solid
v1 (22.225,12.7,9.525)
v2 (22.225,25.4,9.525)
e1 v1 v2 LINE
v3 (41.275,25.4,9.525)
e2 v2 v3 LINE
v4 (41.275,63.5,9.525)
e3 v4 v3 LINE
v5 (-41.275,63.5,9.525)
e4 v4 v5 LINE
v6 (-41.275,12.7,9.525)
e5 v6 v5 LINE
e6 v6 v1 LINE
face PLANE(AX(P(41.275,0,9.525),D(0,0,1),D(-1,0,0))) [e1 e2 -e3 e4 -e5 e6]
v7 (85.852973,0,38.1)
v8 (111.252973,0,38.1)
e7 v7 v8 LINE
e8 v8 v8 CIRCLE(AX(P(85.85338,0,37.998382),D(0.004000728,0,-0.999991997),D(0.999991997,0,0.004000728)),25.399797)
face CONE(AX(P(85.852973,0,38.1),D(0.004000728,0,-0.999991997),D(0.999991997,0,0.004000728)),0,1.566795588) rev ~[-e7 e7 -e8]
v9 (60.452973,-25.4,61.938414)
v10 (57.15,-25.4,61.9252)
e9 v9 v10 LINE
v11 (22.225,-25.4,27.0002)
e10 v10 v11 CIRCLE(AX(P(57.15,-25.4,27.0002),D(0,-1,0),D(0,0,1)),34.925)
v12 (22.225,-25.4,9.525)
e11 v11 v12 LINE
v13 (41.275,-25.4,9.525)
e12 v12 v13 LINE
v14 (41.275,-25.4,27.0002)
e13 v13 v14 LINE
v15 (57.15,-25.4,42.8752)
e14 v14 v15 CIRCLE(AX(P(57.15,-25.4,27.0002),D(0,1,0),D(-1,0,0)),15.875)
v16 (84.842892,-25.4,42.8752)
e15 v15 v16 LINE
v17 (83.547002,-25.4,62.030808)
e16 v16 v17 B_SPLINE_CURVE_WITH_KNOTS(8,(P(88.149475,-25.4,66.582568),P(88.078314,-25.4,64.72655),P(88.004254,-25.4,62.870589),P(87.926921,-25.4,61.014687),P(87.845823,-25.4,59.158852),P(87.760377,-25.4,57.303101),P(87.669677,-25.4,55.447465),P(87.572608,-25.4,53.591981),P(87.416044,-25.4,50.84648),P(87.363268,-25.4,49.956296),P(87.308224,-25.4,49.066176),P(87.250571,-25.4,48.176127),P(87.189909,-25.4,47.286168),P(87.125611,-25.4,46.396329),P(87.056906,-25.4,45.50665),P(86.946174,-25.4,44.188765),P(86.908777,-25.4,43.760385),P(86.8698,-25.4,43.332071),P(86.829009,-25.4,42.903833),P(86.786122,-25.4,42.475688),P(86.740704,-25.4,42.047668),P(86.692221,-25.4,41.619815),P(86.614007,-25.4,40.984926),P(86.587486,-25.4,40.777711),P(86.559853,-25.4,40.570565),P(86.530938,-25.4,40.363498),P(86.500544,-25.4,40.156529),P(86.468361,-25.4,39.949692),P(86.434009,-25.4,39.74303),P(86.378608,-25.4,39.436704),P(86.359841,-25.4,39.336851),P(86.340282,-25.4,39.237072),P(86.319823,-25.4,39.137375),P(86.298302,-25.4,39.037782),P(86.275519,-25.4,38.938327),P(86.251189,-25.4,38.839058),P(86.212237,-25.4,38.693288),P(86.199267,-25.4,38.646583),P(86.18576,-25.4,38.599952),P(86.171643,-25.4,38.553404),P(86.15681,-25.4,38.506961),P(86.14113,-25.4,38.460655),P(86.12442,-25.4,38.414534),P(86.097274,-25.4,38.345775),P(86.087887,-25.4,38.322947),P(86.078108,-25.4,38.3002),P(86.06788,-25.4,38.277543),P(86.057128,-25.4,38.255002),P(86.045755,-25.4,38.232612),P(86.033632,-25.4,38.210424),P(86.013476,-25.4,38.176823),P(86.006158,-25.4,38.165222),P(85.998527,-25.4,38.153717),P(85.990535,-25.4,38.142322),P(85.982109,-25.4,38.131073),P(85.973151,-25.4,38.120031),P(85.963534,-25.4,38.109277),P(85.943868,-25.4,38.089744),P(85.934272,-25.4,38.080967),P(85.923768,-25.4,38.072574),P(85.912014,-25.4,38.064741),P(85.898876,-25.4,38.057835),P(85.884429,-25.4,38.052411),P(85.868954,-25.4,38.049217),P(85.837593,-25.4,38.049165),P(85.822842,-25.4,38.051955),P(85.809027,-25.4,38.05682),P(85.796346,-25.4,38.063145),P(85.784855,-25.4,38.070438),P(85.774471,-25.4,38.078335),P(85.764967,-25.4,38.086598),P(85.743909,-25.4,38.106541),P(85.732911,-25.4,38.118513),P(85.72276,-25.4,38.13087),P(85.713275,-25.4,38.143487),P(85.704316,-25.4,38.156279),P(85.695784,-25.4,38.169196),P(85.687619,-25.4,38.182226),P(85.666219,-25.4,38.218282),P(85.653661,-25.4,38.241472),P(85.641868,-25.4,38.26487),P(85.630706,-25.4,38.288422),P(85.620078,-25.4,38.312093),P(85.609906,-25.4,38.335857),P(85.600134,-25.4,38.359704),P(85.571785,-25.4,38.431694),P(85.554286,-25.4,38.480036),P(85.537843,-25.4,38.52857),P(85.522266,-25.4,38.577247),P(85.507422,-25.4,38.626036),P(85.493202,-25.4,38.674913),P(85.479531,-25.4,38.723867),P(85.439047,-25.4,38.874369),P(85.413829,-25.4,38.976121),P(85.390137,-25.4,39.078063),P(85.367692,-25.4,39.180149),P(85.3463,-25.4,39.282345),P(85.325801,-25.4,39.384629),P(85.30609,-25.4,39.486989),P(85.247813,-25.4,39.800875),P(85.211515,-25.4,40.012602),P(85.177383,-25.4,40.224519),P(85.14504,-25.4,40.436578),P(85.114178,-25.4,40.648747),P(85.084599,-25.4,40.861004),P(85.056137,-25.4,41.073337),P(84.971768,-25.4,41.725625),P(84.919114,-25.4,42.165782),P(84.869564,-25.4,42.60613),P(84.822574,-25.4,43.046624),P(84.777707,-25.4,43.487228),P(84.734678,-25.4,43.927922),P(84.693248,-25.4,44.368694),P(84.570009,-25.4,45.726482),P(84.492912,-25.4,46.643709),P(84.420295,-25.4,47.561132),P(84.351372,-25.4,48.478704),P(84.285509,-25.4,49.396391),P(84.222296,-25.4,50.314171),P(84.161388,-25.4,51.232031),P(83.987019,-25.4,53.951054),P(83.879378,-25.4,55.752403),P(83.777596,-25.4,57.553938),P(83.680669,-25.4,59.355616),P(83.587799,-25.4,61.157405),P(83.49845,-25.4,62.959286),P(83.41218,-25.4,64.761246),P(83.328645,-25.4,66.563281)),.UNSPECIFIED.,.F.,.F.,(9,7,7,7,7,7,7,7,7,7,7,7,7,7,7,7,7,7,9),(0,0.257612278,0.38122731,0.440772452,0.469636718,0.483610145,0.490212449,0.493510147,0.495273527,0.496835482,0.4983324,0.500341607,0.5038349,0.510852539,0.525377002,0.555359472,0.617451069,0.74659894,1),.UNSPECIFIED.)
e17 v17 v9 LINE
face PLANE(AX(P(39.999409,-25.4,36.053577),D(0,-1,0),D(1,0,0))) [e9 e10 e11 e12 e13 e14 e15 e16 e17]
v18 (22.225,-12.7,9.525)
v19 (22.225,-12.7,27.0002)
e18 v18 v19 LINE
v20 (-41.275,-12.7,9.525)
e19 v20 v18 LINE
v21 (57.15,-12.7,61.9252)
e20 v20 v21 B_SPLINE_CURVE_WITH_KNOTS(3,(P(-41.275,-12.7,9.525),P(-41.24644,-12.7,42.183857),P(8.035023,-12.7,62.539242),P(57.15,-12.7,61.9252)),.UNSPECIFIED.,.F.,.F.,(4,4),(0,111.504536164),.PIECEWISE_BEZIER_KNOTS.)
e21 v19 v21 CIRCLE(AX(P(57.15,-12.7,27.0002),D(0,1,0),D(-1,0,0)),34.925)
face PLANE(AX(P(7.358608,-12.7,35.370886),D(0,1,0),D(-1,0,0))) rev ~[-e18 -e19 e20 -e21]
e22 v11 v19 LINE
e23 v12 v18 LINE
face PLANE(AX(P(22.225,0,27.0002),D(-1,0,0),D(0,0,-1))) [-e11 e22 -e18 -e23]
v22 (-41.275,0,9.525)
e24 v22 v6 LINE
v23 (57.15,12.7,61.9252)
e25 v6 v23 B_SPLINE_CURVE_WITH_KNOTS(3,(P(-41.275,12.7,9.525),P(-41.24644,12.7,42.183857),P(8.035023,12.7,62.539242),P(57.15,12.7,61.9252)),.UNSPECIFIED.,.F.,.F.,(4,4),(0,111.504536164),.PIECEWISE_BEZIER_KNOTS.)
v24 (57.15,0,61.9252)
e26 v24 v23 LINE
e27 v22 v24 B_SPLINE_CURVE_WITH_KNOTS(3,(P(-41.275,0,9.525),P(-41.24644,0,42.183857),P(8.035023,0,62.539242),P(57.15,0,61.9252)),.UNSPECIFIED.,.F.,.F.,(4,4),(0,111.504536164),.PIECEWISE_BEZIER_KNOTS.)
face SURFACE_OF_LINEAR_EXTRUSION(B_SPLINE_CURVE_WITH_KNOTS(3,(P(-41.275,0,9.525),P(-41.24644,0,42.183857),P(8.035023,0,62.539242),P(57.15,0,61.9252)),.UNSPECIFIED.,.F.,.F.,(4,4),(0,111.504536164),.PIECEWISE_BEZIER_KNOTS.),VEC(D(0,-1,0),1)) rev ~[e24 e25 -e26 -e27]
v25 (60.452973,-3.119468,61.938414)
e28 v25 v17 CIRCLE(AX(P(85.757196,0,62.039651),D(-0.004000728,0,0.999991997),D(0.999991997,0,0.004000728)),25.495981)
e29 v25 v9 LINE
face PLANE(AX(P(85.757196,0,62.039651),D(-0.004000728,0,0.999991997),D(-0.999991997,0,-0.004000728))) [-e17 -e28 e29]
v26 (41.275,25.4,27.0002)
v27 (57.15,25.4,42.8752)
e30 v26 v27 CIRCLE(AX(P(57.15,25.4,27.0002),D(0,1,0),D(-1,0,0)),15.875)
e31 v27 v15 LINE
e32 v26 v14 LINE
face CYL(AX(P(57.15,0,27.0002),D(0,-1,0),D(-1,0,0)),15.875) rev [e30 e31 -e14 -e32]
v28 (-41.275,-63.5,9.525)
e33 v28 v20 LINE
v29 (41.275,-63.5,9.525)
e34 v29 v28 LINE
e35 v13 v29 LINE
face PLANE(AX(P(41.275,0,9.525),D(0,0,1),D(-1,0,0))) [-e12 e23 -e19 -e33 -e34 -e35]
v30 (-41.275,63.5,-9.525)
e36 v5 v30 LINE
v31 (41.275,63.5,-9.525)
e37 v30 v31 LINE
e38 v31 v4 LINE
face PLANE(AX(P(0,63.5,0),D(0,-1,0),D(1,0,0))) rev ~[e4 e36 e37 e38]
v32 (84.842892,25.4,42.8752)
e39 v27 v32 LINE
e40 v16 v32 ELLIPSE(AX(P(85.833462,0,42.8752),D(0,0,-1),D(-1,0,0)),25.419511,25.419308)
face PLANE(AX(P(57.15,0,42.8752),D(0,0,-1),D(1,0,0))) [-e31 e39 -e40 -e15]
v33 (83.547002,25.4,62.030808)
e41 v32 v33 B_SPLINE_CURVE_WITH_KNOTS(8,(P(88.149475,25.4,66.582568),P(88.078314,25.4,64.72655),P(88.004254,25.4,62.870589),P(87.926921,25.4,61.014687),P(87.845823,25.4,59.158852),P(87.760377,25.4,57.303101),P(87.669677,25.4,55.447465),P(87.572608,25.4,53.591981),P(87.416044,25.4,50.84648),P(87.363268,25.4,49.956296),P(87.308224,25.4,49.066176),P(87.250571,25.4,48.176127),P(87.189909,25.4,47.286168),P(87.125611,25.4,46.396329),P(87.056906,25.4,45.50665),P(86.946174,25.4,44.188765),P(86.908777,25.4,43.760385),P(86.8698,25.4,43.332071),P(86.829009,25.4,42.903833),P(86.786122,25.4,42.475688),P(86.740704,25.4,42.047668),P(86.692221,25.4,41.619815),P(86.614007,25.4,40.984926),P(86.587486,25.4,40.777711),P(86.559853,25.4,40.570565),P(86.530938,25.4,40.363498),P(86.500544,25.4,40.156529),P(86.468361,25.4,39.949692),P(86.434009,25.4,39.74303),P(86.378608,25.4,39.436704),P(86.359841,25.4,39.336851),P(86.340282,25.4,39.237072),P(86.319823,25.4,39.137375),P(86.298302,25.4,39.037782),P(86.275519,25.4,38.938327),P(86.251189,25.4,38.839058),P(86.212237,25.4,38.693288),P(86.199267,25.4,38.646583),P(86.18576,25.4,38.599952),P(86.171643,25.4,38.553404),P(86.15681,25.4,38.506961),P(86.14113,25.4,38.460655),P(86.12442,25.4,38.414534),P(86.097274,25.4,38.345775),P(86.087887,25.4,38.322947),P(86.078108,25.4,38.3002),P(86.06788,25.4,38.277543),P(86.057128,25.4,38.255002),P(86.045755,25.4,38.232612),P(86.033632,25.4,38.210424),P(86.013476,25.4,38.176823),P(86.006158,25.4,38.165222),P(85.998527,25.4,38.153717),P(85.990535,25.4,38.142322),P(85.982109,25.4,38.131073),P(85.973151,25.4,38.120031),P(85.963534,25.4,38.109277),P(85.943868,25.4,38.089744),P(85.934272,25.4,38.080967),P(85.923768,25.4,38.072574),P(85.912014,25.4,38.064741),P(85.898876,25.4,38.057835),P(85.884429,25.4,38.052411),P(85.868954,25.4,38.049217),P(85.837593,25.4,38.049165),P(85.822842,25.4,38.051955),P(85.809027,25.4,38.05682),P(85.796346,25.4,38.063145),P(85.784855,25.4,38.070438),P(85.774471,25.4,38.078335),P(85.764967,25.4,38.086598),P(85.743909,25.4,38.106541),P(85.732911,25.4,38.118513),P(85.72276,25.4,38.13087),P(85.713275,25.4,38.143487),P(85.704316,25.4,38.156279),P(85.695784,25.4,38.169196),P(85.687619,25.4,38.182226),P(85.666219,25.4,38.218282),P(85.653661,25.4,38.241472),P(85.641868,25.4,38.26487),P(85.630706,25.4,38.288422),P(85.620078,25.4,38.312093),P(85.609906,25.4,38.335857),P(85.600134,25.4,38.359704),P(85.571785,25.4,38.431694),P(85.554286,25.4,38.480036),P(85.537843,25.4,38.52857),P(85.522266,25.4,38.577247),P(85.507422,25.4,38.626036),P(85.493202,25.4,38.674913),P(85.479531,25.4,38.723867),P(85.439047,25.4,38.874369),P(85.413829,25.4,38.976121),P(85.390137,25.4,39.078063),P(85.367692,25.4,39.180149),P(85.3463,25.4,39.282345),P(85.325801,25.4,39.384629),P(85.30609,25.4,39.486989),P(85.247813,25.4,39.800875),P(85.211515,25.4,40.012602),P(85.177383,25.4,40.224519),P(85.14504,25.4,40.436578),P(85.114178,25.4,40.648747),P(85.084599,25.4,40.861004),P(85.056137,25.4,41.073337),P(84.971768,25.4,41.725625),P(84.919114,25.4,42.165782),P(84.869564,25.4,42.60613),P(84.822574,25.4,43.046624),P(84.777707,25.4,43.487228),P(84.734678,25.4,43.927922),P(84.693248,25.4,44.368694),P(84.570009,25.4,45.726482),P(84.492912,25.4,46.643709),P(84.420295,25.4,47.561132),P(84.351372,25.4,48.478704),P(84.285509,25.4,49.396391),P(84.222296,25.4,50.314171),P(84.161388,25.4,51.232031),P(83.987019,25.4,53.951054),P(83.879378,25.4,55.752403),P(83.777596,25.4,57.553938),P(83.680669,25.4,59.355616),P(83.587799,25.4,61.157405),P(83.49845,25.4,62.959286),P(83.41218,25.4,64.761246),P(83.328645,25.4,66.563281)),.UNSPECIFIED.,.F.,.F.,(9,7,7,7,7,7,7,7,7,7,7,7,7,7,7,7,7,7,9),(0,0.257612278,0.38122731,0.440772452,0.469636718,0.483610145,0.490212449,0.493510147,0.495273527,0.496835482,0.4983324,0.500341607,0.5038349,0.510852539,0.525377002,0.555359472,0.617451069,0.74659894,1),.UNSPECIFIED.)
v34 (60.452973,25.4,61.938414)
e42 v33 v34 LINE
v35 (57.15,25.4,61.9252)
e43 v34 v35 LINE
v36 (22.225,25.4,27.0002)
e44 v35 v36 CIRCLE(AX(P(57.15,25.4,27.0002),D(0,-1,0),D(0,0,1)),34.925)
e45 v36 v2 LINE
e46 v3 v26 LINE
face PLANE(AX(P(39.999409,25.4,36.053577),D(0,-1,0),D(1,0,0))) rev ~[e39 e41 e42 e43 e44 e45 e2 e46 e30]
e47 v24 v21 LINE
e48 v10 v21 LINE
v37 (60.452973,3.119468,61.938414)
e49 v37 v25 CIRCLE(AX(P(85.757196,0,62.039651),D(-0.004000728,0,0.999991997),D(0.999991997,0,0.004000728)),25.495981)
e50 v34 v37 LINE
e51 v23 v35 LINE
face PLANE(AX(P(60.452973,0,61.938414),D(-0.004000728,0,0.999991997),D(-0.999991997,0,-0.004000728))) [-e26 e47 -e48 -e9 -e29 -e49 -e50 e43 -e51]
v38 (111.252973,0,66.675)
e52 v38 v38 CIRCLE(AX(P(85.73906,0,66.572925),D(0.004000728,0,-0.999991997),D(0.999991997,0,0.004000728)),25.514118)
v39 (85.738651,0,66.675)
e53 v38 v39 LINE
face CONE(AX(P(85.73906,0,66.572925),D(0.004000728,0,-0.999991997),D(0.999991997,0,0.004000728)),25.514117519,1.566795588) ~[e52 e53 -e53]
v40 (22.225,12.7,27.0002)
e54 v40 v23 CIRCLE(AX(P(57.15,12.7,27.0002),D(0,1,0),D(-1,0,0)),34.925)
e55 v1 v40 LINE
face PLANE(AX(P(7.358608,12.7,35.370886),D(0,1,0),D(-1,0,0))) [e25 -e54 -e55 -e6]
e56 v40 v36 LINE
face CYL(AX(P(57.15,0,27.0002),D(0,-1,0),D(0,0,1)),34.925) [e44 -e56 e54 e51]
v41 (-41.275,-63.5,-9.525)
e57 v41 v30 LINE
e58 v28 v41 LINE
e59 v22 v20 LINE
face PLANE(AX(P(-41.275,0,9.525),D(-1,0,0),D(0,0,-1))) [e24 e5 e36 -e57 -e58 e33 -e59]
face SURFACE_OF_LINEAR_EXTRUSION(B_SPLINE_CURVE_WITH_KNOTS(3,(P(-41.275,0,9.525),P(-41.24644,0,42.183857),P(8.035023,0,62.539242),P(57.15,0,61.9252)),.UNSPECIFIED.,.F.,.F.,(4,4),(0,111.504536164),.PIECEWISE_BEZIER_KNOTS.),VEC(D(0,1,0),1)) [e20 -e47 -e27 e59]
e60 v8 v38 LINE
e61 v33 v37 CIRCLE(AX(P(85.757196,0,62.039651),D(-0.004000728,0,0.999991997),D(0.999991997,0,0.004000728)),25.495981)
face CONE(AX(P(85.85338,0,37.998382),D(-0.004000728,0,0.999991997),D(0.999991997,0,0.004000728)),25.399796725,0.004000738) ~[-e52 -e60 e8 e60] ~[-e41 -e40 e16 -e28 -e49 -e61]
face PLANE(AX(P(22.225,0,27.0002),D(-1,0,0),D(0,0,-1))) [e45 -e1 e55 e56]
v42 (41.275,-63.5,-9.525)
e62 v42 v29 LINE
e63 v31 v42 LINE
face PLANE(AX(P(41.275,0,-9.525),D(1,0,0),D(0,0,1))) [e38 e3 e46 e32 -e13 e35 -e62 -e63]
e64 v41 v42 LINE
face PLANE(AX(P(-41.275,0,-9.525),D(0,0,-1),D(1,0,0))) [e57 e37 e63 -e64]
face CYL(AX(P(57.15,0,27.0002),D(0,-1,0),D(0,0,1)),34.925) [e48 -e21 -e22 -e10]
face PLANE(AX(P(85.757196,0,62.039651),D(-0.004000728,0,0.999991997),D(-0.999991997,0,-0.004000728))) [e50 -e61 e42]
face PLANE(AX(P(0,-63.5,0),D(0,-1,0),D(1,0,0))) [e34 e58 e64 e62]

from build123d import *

# Parameters (mm, degrees)
F1_DEPTH = 63.5
F2_DEPTH = 25.4
F3_DEPTH = 12.7


with BuildPart() as f1:
    # F0 (on Front) → F1 (new body, symmetric)
    with BuildSketch(Plane.XZ):
        Polygon((-41.275, -9.525), (41.275, -9.525), (41.275, 9.525), (22.225, 9.525), (-41.275, 9.525), align=None)
    extrude(amount=F1_DEPTH, both=True)

    # F0 (on Front) → F2 (join, symmetric)
    with BuildSketch(Plane.XZ):
        with BuildLine():
            Line((22.225, 9.525), (41.275, 9.525))
            Line((41.275, 9.525), (41.275, 27.0002))
            ThreePointArc((41.275, 27.0002), (45.9246798487, 38.2255201513), (57.15, 42.8752))
            Line((57.15, 42.8752), (60.4529731631, 42.8752))
            Line((60.4529731631, 42.8752), (60.4529731631, 61.938414402))
            Line((60.4529731631, 61.938414402), (57.15, 61.9252))
            ThreePointArc((57.15, 61.9252), (32.4542956671, 51.6959043329), (22.225, 27.0002))
            Line((22.225, 27.0002), (22.225, 9.525))
        make_face()
        Polygon((85.7571963739, 62.0396505186), (60.4529731631, 61.938414402), (60.4529731631, 42.8752), (85.8338687354, 42.8752), align=None)
    extrude(amount=F2_DEPTH, both=True)

    # F0 (on Front) → F3 (join, symmetric)
    with BuildSketch(Plane.XZ):
        with BuildLine():
            add(Edge.make_bspline(
                [(-41.275, 9.525), (-41.2464402616, 42.1838574111), (8.0350227654, 62.539242208), (57.15, 61.9252)],
                knots=[0, 0, 0, 0, 111.5045361635, 111.5045361635, 111.5045361635, 111.5045361635], degree=3))
            Line((-41.275, 9.525), (22.225, 9.525))
            Line((22.225, 9.525), (22.225, 27.0002))
            ThreePointArc((22.225, 27.0002), (32.4542956671, 51.6959043329), (57.15, 61.9252))
        make_face()
    extrude(amount=F3_DEPTH, both=True)

    # F0 (on Front) → F4 (revolve)
    with BuildSketch(Plane.XZ):
        Polygon((85.7386514544, 66.675), (85.7571963739, 62.0396505186), (85.8338687354, 42.8752), (85.8529731631, 38.1), (111.2529731631, 38.1), (111.2529731631, 66.675), align=None)
    revolve(axis=Axis((85.7958123088, 0, 52.3875), (0.0040007277, 0, -0.9999919971)))


solid = f1.part
